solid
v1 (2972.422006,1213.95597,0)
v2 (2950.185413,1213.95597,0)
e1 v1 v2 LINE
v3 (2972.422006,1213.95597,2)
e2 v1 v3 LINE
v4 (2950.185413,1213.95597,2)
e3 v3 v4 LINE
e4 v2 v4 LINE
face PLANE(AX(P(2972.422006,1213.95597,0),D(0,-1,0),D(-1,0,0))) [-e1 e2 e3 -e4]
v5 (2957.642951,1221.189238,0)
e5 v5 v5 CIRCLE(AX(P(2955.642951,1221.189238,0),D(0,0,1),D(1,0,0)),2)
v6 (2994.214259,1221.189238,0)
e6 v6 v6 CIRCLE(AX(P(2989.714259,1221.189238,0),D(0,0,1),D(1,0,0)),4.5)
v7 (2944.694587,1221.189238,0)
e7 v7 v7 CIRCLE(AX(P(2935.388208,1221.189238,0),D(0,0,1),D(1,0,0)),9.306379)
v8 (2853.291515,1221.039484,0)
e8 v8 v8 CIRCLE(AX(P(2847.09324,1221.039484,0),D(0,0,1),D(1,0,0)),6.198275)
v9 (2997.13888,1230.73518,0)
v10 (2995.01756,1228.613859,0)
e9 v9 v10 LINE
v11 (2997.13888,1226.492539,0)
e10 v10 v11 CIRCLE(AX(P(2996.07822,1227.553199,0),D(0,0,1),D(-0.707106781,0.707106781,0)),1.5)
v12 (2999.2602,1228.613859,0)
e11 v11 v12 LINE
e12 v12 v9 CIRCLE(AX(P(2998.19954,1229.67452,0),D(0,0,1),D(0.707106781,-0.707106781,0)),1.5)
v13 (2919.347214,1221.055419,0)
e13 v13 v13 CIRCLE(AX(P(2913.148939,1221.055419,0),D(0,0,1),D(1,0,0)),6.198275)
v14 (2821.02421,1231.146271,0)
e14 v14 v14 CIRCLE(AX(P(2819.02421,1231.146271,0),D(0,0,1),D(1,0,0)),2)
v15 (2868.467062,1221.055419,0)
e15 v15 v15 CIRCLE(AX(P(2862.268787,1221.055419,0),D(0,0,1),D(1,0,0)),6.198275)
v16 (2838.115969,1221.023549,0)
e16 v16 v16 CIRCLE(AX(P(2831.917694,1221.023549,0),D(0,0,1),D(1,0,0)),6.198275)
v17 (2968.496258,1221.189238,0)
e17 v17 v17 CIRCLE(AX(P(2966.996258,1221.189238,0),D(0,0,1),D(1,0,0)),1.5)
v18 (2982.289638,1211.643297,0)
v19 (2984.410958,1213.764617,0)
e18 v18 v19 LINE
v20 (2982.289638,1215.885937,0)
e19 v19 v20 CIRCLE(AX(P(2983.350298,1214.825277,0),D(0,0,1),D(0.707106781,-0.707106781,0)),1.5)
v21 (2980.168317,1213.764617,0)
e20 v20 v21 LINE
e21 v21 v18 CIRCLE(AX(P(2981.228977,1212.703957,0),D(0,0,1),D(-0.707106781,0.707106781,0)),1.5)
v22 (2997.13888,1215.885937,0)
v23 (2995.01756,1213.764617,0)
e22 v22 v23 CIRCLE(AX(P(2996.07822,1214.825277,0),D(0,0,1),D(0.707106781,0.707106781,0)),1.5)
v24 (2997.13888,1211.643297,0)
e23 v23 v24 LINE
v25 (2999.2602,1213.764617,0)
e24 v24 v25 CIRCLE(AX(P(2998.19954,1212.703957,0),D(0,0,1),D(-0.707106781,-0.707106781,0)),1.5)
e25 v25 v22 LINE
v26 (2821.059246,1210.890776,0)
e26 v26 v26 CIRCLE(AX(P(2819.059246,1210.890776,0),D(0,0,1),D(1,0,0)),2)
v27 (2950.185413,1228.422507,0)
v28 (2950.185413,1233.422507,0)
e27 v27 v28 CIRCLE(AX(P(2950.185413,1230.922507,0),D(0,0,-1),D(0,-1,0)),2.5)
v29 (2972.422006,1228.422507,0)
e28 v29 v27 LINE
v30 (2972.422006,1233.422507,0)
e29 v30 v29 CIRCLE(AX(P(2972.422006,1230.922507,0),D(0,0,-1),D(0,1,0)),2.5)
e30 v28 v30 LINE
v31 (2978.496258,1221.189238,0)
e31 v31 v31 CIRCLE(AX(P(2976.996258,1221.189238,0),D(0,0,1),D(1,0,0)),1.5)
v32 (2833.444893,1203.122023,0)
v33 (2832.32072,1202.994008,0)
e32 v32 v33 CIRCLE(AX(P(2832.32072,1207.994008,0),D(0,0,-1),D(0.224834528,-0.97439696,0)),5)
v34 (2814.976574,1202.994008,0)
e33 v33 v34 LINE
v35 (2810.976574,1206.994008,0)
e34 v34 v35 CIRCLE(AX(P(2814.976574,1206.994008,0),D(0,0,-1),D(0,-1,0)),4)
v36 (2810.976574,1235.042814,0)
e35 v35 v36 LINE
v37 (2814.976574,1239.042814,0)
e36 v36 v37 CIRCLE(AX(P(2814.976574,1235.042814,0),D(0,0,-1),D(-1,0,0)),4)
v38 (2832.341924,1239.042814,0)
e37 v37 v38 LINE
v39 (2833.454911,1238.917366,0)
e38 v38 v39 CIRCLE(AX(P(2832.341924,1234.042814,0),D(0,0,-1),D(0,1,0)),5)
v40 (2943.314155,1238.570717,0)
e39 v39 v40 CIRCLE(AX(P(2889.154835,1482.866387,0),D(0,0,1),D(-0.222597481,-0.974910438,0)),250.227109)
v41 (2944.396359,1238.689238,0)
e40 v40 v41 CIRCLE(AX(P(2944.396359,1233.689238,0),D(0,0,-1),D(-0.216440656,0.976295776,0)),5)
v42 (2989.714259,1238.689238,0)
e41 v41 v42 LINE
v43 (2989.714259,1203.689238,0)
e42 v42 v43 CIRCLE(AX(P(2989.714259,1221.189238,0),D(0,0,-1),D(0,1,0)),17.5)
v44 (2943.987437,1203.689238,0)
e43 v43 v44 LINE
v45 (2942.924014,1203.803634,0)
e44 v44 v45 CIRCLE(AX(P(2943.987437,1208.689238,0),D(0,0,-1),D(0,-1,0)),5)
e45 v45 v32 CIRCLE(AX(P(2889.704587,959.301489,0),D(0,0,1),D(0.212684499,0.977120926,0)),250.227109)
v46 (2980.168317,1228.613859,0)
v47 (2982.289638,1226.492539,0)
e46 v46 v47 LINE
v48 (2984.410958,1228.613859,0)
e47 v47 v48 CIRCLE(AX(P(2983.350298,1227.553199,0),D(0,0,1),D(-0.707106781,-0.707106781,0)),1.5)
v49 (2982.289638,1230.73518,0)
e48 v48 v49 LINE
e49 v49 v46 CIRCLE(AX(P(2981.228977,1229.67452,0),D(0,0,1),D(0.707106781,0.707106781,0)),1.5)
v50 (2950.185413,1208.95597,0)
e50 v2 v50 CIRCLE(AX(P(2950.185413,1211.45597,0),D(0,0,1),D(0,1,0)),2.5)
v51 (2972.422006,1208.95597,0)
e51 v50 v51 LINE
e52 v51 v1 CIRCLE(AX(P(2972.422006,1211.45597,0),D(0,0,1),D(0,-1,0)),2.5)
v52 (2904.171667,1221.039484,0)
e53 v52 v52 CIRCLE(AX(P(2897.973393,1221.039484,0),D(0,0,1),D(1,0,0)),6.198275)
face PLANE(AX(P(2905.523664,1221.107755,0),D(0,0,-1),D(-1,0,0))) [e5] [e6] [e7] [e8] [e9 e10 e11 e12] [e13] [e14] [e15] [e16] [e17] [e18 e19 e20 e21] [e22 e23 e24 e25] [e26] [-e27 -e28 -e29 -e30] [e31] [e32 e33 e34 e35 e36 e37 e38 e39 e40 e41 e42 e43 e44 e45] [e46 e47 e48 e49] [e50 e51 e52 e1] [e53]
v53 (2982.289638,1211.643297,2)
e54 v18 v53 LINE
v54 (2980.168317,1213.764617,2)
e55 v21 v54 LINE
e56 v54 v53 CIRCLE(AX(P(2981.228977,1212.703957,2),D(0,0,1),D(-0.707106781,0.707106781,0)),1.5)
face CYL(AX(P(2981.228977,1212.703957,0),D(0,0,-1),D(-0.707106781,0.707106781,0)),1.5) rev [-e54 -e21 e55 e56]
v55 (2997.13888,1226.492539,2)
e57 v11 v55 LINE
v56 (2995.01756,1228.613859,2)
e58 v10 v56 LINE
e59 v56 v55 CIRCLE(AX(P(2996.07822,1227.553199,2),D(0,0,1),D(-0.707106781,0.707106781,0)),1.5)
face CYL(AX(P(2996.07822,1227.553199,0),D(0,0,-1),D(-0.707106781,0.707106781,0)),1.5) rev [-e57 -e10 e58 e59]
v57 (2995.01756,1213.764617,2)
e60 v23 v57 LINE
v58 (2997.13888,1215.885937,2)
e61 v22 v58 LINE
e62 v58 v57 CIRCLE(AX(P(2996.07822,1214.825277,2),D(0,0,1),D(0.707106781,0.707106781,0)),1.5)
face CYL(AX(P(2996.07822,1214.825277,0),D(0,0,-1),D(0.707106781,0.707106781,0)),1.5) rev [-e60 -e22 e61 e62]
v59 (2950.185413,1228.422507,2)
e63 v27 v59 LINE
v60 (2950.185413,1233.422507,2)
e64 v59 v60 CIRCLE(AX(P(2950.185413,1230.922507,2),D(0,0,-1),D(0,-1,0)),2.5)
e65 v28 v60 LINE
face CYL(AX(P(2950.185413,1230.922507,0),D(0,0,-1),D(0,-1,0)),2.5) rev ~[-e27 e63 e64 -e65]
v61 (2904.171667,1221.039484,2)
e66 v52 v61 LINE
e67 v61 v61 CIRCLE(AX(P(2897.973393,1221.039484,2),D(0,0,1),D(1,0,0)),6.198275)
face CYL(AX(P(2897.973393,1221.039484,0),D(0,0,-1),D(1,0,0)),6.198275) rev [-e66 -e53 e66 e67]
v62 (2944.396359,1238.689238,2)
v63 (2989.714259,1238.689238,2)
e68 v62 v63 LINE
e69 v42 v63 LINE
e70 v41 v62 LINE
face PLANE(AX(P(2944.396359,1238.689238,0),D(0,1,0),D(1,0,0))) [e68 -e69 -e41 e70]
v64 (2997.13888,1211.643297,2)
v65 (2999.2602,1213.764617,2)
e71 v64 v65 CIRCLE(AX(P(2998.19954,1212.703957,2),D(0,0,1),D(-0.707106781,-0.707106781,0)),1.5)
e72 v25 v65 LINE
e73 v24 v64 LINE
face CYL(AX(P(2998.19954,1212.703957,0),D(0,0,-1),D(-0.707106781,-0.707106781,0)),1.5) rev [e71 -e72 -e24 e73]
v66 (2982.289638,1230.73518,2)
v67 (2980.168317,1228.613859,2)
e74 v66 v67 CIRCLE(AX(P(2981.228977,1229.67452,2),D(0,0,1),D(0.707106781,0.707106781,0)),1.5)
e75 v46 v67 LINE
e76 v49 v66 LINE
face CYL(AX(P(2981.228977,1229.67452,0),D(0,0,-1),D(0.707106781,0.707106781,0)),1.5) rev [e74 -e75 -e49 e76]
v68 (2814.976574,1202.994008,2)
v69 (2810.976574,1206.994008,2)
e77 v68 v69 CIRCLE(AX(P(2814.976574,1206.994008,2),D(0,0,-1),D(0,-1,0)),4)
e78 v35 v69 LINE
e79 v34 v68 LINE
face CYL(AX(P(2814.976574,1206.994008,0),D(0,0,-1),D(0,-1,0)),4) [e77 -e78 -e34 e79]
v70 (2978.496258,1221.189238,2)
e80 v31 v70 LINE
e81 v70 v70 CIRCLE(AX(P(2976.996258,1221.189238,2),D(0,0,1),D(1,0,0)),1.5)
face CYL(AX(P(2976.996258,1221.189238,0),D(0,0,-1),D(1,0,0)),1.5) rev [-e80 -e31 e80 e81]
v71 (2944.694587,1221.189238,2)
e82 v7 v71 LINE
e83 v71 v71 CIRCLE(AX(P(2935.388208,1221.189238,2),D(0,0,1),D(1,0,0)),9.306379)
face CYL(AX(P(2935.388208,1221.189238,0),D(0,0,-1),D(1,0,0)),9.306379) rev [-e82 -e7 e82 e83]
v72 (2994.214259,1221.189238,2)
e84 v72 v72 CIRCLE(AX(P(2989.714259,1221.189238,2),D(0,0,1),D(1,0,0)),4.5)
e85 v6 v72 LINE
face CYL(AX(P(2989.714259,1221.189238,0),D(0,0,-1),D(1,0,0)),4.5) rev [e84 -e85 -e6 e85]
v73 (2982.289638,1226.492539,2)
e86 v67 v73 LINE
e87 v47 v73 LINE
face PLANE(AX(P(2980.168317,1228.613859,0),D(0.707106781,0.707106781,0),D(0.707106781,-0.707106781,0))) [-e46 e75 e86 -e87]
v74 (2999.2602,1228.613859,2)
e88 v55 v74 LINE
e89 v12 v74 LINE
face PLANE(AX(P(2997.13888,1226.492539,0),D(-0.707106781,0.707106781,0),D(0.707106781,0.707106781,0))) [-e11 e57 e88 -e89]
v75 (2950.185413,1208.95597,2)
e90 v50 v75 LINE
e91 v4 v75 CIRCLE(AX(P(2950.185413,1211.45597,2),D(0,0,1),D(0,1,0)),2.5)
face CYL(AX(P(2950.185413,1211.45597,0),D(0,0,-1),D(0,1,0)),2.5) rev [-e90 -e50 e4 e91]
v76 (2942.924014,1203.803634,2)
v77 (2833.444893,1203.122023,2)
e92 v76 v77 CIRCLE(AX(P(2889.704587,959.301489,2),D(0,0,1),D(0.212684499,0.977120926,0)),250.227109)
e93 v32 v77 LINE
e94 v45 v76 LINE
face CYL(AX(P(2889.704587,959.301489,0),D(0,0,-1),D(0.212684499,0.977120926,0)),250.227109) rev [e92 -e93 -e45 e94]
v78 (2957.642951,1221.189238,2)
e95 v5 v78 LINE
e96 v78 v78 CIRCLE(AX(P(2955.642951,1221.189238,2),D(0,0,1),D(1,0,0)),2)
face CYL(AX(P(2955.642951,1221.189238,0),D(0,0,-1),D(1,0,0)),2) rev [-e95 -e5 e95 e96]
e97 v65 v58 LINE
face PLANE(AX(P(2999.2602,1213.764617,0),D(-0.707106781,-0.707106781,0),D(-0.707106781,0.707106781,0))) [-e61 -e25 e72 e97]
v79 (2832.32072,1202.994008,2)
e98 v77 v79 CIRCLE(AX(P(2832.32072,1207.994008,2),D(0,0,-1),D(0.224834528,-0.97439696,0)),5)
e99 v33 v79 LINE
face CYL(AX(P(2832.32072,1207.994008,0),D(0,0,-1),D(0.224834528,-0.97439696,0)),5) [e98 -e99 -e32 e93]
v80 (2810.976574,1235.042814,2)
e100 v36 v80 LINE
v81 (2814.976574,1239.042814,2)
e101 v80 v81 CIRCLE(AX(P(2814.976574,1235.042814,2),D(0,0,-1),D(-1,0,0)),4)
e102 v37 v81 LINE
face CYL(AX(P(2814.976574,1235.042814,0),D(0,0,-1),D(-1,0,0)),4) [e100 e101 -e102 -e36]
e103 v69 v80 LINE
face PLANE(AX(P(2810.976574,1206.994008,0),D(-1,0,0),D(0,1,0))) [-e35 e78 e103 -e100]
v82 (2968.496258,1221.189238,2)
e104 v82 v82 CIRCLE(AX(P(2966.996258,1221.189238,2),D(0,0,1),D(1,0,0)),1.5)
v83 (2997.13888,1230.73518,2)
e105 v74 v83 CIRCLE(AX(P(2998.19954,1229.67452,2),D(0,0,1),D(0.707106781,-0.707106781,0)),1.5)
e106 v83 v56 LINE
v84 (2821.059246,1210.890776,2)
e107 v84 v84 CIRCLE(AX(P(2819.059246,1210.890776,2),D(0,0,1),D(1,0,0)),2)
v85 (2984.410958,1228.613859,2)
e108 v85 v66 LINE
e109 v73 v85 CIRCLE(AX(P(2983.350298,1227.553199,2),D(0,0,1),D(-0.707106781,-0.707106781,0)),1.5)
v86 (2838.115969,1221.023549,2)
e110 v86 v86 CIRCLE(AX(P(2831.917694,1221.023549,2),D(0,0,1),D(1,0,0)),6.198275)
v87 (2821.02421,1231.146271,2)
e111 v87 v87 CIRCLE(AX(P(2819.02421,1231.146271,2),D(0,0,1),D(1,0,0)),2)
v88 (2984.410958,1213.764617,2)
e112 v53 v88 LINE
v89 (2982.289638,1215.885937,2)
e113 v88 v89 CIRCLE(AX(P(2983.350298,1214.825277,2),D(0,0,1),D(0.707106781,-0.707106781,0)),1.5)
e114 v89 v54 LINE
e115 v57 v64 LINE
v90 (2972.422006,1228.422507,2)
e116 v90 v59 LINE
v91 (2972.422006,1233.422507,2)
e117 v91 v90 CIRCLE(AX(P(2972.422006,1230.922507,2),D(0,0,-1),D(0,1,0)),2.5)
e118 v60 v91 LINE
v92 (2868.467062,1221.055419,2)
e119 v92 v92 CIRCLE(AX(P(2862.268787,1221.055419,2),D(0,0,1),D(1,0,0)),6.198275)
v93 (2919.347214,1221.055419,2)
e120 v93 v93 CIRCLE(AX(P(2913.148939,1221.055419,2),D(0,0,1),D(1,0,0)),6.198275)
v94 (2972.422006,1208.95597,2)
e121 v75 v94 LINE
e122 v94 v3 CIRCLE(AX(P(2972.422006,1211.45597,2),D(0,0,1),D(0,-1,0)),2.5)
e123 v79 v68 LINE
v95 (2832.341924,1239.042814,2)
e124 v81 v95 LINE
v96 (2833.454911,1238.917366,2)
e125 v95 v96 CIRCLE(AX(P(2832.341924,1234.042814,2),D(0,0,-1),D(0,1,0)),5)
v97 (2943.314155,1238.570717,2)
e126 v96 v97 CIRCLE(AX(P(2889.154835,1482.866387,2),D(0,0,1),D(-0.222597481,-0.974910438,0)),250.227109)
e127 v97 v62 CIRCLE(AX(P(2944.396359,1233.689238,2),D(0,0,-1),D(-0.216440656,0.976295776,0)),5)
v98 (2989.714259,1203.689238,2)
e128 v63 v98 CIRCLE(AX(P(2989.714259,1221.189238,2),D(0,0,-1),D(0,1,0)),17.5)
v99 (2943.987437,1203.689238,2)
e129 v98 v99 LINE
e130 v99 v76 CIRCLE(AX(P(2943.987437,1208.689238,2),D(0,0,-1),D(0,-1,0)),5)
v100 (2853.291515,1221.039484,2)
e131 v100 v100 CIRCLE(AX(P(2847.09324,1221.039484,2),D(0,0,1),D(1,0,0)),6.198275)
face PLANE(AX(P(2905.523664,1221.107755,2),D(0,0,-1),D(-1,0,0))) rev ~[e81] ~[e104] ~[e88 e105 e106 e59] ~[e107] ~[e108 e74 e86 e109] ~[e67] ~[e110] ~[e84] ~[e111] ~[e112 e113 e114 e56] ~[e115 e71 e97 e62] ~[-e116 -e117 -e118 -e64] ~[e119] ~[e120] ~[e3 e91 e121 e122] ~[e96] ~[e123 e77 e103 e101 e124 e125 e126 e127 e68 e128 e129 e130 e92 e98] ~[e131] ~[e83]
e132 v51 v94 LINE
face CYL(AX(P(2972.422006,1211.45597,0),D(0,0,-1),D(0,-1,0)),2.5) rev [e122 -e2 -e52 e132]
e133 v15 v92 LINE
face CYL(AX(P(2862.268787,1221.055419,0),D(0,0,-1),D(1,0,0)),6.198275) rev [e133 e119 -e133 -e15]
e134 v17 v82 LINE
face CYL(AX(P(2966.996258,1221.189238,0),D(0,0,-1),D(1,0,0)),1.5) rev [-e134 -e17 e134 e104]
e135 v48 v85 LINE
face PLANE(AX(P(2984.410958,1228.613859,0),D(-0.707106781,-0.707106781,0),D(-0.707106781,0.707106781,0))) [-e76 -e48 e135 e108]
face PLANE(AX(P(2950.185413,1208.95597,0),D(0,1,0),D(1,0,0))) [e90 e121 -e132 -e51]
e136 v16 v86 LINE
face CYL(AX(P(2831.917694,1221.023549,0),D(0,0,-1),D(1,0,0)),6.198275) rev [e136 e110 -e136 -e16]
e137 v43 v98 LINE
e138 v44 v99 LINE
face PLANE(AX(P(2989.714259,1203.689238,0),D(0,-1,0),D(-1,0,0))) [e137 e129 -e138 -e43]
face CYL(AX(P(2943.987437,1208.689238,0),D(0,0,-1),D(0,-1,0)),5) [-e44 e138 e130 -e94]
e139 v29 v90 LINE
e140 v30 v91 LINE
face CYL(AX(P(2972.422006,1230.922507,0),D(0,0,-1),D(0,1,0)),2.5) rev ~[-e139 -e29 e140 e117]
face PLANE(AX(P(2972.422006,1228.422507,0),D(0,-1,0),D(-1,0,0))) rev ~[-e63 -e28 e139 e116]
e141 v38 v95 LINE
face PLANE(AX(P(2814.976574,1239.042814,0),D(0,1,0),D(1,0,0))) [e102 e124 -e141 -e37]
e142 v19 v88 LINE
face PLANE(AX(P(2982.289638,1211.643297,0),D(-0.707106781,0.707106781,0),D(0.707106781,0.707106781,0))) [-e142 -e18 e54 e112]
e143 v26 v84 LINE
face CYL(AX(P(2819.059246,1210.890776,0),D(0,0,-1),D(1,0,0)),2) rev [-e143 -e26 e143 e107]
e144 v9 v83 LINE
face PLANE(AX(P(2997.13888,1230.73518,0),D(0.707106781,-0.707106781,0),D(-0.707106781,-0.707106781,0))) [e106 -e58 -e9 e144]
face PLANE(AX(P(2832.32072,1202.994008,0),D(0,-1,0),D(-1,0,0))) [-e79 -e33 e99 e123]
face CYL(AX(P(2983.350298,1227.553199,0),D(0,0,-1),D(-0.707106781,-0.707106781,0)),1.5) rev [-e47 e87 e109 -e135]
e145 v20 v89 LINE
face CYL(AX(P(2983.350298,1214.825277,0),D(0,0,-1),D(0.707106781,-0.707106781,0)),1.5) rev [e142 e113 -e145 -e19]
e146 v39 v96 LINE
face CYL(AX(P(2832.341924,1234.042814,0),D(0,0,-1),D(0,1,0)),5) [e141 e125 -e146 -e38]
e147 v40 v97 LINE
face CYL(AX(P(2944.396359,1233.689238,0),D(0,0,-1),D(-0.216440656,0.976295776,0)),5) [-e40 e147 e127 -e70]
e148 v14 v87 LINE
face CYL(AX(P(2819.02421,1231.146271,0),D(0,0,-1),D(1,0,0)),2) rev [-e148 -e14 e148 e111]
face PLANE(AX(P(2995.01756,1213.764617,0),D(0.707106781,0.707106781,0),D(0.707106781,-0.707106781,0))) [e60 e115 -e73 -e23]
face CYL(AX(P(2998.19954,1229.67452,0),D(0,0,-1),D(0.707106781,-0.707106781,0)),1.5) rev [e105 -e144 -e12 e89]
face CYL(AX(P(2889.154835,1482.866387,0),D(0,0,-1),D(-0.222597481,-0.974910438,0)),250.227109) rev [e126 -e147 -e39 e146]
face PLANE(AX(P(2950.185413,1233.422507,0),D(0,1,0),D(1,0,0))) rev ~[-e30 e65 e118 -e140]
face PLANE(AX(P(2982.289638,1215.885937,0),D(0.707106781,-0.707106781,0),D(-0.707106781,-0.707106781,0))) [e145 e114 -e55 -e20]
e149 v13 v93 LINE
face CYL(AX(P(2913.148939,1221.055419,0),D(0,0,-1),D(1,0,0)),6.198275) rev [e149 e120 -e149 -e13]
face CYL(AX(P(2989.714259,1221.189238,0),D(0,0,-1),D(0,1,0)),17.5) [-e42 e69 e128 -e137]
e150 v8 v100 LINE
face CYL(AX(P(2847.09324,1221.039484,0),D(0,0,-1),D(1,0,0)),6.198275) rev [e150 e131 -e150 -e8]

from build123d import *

# Parameters (mm, degrees)
CROQUIS1_R              = 2
CROQUIS1_R_2            = 4.5
CROQUIS1_R_3            = 6.198274882
CROQUIS1_R_4            = 1.5
CROQUIS1_R_5            = 9.306378824
SALIENTE_EXTRUIR1_DEPTH = 2


with BuildPart() as part:
    # Croquis1 → Saliente-Extruir1 (new body)
    with BuildSketch(Plane.XY):
        with BuildLine():
            Line((2814.976573627, 1239.042814145), (2832.341923679, 1239.042814145))
            ThreePointArc((2832.341923679, 1239.042814145), (2832.901941116, 1239.011353213), (2833.454911085, 1238.917366333))
            ThreePointArc((2833.454911085, 1238.917366333), (2888.36527428, 1232.640523344), (2943.314155481, 1238.570717173))
            ThreePointArc((2943.314155481, 1238.570717173), (2943.852021738, 1238.659519694), (2944.396358769, 1238.689238294))
            Line((2944.396358769, 1238.689238294), (2989.714258788, 1238.689238294))
            ThreePointArc((2989.714258788, 1238.689238294), (3007.214258788, 1221.189238294), (2989.714258788, 1203.689238294))
            Line((2989.714258788, 1203.689238294), (2943.987436651, 1203.689238294))
            ThreePointArc((2943.987436651, 1203.689238294), (2943.452657793, 1203.717919397), (2942.924014155, 1203.803633664))
            ThreePointArc((2942.924014155, 1203.803633664), (2888.146718467, 1209.523748699), (2833.444892603, 1203.122023463))
            ThreePointArc((2833.444892603, 1203.122023463), (2832.886438978, 1203.026115147), (2832.320719962, 1202.994008262))
            Line((2832.320719962, 1202.994008262), (2814.976573627, 1202.994008262))
            ThreePointArc((2814.976573627, 1202.994008262), (2812.148146502, 1204.165581137), (2810.976573627, 1206.994008262))
            Line((2810.976573627, 1206.994008262), (2810.976573627, 1235.042814145))
            ThreePointArc((2810.976573627, 1235.042814145), (2812.148146502, 1237.871241269), (2814.976573627, 1239.042814145))
        make_face()
        with Locations((2819.024210059, 1231.146271353)):
            Circle(CROQUIS1_R, mode=Mode.SUBTRACT)
        with Locations((2989.714258788, 1221.189238294)):
            Circle(CROQUIS1_R_2, mode=Mode.SUBTRACT)
        with Locations((2819.05924577, 1210.890776447)):
            Circle(CROQUIS1_R, mode=Mode.SUBTRACT)
        with Locations((2831.917693785, 1221.023549437)):
            Circle(CROQUIS1_R_3, mode=Mode.SUBTRACT)
        with Locations((2847.093240202, 1221.039483998)):
            Circle(CROQUIS1_R_3, mode=Mode.SUBTRACT)
        with Locations((2862.26878662, 1221.055418559)):
            Circle(CROQUIS1_R_3, mode=Mode.SUBTRACT)
        with Locations((2966.996257677, 1221.189238294)):
            Circle(CROQUIS1_R_4, mode=Mode.SUBTRACT)
        with Locations((2976.996257677, 1221.189238294)):
            Circle(CROQUIS1_R_4, mode=Mode.SUBTRACT)
        with Locations((2955.642950592, 1221.189238294)):
            Circle(CROQUIS1_R, mode=Mode.SUBTRACT)
        with Locations((2935.388208278, 1221.189238294)):
            Circle(CROQUIS1_R_5, mode=Mode.SUBTRACT)
        with Locations((2897.973392618, 1221.039483998)):
            Circle(CROQUIS1_R_3, mode=Mode.SUBTRACT)
        with Locations((2913.148939036, 1221.055418559)):
            Circle(CROQUIS1_R_3, mode=Mode.SUBTRACT)
        with BuildLine():
            Line((2982.289637586, 1215.885937435), (2980.168317242, 1213.764617091))
            ThreePointArc((2980.168317242, 1213.764617091), (2980.168317242, 1211.643296748), (2982.289637586, 1211.643296748))
            Line((2982.289637586, 1211.643296748), (2984.410957929, 1213.764617091))
            ThreePointArc((2984.410957929, 1213.764617091), (2984.410957929, 1215.885937435), (2982.289637586, 1215.885937435))
        make_face(mode=Mode.SUBTRACT)
        with BuildLine():
            Line((2995.017559647, 1213.764617091), (2997.138879991, 1211.643296748))
            ThreePointArc((2997.138879991, 1211.643296748), (2999.260200334, 1211.643296748), (2999.260200334, 1213.764617091))
            Line((2999.260200334, 1213.764617091), (2997.138879991, 1215.885937435))
            ThreePointArc((2997.138879991, 1215.885937435), (2995.017559647, 1215.885937435), (2995.017559647, 1213.764617091))
        make_face(mode=Mode.SUBTRACT)
        with BuildLine():
            Line((2997.138879991, 1226.492539153), (2999.260200334, 1228.613859496))
            ThreePointArc((2999.260200334, 1228.613859496), (2999.260200334, 1230.73517984), (2997.138879991, 1230.73517984))
            Line((2997.138879991, 1230.73517984), (2995.017559647, 1228.613859496))
            ThreePointArc((2995.017559647, 1228.613859496), (2995.017559647, 1226.492539153), (2997.138879991, 1226.492539153))
        make_face(mode=Mode.SUBTRACT)
        with BuildLine():
            Line((2984.410957929, 1228.613859496), (2982.289637586, 1230.73517984))
            ThreePointArc((2982.289637586, 1230.73517984), (2980.168317242, 1230.73517984), (2980.168317242, 1228.613859496))
            Line((2980.168317242, 1228.613859496), (2982.289637586, 1226.492539153))
            ThreePointArc((2982.289637586, 1226.492539153), (2984.410957929, 1226.492539153), (2984.410957929, 1228.613859496))
        make_face(mode=Mode.SUBTRACT)
        with BuildLine():
            Line((2950.185413449, 1233.422506858), (2972.422006236, 1233.422506858))
            ThreePointArc((2972.422006236, 1233.422506858), (2974.922006236, 1230.922506858), (2972.422006236, 1228.422506858))
            Line((2972.422006236, 1228.422506858), (2950.185413449, 1228.422506858))
            ThreePointArc((2950.185413449, 1228.422506858), (2947.685413449, 1230.922506858), (2950.185413449, 1233.422506858))
        make_face(mode=Mode.SUBTRACT)
        with BuildLine():
            Line((2950.185413449, 1208.955969729), (2972.422006236, 1208.955969729))
            ThreePointArc((2972.422006236, 1208.955969729), (2974.922006236, 1211.455969729), (2972.422006236, 1213.955969729))
            Line((2972.422006236, 1213.955969729), (2950.185413449, 1213.955969729))
            ThreePointArc((2950.185413449, 1213.955969729), (2947.685413449, 1211.455969729), (2950.185413449, 1208.955969729))
        make_face(mode=Mode.SUBTRACT)
    extrude(amount=SALIENTE_EXTRUIR1_DEPTH)


solid = part.part
